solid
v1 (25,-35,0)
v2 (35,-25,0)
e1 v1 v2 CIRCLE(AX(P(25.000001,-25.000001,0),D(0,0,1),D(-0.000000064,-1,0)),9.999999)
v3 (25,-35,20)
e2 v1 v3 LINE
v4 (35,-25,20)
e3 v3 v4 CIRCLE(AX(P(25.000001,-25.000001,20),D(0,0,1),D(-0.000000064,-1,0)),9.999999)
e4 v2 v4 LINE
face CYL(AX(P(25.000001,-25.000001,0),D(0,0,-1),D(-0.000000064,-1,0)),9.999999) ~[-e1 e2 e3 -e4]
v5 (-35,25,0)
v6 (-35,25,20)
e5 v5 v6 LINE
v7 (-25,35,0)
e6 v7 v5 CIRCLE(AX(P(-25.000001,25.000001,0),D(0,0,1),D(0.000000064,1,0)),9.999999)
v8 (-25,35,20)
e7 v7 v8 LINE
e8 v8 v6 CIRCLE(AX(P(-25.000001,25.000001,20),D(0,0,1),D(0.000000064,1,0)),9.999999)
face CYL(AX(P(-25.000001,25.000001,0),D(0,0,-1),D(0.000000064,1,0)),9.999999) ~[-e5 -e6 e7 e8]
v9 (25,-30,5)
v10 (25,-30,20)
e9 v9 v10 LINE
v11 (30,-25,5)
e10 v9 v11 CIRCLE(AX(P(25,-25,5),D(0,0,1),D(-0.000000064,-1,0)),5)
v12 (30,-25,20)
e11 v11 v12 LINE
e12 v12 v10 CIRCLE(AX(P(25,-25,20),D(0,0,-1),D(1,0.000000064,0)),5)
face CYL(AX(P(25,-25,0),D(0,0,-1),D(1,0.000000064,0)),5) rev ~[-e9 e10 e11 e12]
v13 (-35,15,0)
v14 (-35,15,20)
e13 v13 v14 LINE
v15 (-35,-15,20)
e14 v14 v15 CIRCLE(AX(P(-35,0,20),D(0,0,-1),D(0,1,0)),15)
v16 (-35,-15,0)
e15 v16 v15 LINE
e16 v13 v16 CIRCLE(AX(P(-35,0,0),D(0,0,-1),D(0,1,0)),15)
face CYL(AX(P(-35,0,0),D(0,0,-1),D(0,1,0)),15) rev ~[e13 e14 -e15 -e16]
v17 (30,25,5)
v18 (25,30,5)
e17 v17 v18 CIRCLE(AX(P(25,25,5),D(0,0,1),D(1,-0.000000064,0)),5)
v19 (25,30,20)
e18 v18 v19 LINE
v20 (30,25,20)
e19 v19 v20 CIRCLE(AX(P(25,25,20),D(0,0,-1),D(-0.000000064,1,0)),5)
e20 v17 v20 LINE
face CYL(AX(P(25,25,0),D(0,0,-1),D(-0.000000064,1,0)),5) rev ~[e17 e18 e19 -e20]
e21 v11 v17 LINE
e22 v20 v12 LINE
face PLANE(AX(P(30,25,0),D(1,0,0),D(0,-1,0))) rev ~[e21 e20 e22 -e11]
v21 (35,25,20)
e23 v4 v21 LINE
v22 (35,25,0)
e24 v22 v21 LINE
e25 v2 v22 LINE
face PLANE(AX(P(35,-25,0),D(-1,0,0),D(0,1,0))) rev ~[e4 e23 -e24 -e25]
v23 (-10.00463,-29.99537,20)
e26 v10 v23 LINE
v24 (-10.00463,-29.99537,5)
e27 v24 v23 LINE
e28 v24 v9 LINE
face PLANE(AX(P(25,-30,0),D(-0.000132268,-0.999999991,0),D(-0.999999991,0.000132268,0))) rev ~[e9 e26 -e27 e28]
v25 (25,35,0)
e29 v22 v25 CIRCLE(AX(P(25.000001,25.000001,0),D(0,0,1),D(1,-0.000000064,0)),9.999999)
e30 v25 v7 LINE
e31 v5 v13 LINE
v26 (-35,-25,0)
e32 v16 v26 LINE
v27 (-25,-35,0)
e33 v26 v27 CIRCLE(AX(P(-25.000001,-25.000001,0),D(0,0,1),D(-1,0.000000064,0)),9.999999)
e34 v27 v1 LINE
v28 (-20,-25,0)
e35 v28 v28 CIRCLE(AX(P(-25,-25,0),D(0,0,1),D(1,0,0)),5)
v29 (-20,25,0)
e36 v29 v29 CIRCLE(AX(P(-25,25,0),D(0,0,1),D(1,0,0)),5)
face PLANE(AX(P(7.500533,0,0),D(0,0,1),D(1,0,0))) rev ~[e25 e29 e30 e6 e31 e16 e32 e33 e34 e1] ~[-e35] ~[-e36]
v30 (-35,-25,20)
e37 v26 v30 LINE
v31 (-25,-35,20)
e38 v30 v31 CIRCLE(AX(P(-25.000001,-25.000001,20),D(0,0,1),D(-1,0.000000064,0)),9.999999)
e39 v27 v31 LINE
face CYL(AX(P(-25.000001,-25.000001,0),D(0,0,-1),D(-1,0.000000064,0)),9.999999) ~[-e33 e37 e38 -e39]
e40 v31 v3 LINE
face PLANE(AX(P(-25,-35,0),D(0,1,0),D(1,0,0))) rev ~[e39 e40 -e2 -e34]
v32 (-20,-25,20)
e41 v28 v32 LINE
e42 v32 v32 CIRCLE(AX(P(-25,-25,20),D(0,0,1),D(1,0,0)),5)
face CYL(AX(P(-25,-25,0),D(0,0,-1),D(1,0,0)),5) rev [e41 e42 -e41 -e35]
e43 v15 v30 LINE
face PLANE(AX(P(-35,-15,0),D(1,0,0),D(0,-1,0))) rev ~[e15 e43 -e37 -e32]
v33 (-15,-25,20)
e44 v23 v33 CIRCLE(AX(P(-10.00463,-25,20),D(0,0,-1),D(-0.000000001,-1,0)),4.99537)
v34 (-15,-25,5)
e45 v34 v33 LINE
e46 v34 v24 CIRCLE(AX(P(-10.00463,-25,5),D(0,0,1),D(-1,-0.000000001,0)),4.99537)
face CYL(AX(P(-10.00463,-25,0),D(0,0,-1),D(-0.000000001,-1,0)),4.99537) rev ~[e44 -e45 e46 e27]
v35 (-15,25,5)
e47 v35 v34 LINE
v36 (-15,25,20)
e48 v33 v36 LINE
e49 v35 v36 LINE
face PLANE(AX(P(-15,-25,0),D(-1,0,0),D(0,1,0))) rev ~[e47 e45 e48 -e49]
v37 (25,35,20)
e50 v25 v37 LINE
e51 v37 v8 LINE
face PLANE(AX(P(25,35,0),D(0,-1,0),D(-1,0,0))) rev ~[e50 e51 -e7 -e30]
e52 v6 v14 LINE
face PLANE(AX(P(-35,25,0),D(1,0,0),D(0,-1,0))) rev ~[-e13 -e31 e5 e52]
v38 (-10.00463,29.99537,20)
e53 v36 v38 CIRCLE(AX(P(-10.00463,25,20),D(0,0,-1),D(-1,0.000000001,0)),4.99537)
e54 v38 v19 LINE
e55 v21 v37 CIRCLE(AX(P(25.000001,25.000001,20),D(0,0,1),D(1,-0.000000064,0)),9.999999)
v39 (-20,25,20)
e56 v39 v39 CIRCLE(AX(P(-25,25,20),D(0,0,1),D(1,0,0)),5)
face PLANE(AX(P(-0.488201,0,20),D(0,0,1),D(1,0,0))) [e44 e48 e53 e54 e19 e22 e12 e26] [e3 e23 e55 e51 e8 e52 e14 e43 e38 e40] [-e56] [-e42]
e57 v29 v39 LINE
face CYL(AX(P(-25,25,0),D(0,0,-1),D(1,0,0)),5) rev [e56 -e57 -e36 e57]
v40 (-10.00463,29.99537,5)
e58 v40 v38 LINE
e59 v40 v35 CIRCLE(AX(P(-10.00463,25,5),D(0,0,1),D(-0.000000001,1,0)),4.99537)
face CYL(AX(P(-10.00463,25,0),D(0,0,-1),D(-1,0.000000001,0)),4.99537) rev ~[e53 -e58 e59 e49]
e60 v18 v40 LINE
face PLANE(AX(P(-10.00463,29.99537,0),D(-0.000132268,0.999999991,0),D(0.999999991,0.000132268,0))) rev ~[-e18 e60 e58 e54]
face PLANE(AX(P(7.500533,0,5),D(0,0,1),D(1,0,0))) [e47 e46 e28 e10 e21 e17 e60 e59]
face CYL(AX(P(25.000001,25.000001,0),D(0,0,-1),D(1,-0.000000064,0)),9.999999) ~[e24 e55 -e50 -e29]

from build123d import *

# Parameters (mm, degrees)
F0_R     = 5
F1_DEPTH = 20
F2_DEPTH = 5


with BuildPart() as f1:
    # F0 (on Top) → F1 (new body)
    with BuildSketch(Plane.XY):
        with BuildLine():
            Line((-35, -15), (-35, -25))
            ThreePointArc((-35, -25), (-32.071068, -32.071068), (-25, -35))
            Line((-25, -35), (25, -35))
            ThreePointArc((25, -35), (32.071068, -32.071068), (35, -25))
            Line((35, -25), (35, 25))
            ThreePointArc((35, 25), (32.071068, 32.071068), (25, 35))
            Line((25, 35), (-25, 35))
            ThreePointArc((-25, 35), (-32.071068, 32.071068), (-35, 25))
            Line((-35, 25), (-35, 15))
            ThreePointArc((-35, 15), (-20, 0), (-35, -15))
        make_face()
        with Locations((-25, -25)):
            Circle(F0_R, mode=Mode.SUBTRACT)
        with Locations((-25, 25)):
            Circle(F0_R, mode=Mode.SUBTRACT)
        with BuildLine():
            Line((-15, -25), (-15, 25))
            ThreePointArc((-15, 25), (-13.53689, 28.53226), (-10.00463, 29.99537))
            Line((-10.00463, 29.99537), (25, 30))
            ThreePointArc((25, 30), (28.535534, 28.535534), (30, 25))
            Line((30, 25), (30, -25))
            ThreePointArc((30, -25), (28.535534, -28.535534), (25, -30))
            Line((25, -30), (-10.00463, -29.99537))
            ThreePointArc((-10.00463, -29.99537), (-13.53689, -28.53226), (-15, -25))
        make_face(mode=Mode.SUBTRACT)
    extrude(amount=F1_DEPTH)

    # F0 (on Top) → F2 (join)
    with BuildSketch(Plane.XY):
        with BuildLine():
            ThreePointArc((-10.00463, 29.99537), (-13.53689, 28.53226), (-15, 25))
            Line((-15, 25), (-15, -25))
            ThreePointArc((-15, -25), (-13.53689, -28.53226), (-10.00463, -29.99537))
            Line((-10.00463, -29.99537), (25, -30))
            ThreePointArc((25, -30), (28.535534, -28.535534), (30, -25))
            Line((30, -25), (30, 25))
            ThreePointArc((30, 25), (28.535534, 28.535534), (25, 30))
            Line((25, 30), (-10.00463, 29.99537))
        make_face()
    extrude(amount=F2_DEPTH)


solid = f1.part
